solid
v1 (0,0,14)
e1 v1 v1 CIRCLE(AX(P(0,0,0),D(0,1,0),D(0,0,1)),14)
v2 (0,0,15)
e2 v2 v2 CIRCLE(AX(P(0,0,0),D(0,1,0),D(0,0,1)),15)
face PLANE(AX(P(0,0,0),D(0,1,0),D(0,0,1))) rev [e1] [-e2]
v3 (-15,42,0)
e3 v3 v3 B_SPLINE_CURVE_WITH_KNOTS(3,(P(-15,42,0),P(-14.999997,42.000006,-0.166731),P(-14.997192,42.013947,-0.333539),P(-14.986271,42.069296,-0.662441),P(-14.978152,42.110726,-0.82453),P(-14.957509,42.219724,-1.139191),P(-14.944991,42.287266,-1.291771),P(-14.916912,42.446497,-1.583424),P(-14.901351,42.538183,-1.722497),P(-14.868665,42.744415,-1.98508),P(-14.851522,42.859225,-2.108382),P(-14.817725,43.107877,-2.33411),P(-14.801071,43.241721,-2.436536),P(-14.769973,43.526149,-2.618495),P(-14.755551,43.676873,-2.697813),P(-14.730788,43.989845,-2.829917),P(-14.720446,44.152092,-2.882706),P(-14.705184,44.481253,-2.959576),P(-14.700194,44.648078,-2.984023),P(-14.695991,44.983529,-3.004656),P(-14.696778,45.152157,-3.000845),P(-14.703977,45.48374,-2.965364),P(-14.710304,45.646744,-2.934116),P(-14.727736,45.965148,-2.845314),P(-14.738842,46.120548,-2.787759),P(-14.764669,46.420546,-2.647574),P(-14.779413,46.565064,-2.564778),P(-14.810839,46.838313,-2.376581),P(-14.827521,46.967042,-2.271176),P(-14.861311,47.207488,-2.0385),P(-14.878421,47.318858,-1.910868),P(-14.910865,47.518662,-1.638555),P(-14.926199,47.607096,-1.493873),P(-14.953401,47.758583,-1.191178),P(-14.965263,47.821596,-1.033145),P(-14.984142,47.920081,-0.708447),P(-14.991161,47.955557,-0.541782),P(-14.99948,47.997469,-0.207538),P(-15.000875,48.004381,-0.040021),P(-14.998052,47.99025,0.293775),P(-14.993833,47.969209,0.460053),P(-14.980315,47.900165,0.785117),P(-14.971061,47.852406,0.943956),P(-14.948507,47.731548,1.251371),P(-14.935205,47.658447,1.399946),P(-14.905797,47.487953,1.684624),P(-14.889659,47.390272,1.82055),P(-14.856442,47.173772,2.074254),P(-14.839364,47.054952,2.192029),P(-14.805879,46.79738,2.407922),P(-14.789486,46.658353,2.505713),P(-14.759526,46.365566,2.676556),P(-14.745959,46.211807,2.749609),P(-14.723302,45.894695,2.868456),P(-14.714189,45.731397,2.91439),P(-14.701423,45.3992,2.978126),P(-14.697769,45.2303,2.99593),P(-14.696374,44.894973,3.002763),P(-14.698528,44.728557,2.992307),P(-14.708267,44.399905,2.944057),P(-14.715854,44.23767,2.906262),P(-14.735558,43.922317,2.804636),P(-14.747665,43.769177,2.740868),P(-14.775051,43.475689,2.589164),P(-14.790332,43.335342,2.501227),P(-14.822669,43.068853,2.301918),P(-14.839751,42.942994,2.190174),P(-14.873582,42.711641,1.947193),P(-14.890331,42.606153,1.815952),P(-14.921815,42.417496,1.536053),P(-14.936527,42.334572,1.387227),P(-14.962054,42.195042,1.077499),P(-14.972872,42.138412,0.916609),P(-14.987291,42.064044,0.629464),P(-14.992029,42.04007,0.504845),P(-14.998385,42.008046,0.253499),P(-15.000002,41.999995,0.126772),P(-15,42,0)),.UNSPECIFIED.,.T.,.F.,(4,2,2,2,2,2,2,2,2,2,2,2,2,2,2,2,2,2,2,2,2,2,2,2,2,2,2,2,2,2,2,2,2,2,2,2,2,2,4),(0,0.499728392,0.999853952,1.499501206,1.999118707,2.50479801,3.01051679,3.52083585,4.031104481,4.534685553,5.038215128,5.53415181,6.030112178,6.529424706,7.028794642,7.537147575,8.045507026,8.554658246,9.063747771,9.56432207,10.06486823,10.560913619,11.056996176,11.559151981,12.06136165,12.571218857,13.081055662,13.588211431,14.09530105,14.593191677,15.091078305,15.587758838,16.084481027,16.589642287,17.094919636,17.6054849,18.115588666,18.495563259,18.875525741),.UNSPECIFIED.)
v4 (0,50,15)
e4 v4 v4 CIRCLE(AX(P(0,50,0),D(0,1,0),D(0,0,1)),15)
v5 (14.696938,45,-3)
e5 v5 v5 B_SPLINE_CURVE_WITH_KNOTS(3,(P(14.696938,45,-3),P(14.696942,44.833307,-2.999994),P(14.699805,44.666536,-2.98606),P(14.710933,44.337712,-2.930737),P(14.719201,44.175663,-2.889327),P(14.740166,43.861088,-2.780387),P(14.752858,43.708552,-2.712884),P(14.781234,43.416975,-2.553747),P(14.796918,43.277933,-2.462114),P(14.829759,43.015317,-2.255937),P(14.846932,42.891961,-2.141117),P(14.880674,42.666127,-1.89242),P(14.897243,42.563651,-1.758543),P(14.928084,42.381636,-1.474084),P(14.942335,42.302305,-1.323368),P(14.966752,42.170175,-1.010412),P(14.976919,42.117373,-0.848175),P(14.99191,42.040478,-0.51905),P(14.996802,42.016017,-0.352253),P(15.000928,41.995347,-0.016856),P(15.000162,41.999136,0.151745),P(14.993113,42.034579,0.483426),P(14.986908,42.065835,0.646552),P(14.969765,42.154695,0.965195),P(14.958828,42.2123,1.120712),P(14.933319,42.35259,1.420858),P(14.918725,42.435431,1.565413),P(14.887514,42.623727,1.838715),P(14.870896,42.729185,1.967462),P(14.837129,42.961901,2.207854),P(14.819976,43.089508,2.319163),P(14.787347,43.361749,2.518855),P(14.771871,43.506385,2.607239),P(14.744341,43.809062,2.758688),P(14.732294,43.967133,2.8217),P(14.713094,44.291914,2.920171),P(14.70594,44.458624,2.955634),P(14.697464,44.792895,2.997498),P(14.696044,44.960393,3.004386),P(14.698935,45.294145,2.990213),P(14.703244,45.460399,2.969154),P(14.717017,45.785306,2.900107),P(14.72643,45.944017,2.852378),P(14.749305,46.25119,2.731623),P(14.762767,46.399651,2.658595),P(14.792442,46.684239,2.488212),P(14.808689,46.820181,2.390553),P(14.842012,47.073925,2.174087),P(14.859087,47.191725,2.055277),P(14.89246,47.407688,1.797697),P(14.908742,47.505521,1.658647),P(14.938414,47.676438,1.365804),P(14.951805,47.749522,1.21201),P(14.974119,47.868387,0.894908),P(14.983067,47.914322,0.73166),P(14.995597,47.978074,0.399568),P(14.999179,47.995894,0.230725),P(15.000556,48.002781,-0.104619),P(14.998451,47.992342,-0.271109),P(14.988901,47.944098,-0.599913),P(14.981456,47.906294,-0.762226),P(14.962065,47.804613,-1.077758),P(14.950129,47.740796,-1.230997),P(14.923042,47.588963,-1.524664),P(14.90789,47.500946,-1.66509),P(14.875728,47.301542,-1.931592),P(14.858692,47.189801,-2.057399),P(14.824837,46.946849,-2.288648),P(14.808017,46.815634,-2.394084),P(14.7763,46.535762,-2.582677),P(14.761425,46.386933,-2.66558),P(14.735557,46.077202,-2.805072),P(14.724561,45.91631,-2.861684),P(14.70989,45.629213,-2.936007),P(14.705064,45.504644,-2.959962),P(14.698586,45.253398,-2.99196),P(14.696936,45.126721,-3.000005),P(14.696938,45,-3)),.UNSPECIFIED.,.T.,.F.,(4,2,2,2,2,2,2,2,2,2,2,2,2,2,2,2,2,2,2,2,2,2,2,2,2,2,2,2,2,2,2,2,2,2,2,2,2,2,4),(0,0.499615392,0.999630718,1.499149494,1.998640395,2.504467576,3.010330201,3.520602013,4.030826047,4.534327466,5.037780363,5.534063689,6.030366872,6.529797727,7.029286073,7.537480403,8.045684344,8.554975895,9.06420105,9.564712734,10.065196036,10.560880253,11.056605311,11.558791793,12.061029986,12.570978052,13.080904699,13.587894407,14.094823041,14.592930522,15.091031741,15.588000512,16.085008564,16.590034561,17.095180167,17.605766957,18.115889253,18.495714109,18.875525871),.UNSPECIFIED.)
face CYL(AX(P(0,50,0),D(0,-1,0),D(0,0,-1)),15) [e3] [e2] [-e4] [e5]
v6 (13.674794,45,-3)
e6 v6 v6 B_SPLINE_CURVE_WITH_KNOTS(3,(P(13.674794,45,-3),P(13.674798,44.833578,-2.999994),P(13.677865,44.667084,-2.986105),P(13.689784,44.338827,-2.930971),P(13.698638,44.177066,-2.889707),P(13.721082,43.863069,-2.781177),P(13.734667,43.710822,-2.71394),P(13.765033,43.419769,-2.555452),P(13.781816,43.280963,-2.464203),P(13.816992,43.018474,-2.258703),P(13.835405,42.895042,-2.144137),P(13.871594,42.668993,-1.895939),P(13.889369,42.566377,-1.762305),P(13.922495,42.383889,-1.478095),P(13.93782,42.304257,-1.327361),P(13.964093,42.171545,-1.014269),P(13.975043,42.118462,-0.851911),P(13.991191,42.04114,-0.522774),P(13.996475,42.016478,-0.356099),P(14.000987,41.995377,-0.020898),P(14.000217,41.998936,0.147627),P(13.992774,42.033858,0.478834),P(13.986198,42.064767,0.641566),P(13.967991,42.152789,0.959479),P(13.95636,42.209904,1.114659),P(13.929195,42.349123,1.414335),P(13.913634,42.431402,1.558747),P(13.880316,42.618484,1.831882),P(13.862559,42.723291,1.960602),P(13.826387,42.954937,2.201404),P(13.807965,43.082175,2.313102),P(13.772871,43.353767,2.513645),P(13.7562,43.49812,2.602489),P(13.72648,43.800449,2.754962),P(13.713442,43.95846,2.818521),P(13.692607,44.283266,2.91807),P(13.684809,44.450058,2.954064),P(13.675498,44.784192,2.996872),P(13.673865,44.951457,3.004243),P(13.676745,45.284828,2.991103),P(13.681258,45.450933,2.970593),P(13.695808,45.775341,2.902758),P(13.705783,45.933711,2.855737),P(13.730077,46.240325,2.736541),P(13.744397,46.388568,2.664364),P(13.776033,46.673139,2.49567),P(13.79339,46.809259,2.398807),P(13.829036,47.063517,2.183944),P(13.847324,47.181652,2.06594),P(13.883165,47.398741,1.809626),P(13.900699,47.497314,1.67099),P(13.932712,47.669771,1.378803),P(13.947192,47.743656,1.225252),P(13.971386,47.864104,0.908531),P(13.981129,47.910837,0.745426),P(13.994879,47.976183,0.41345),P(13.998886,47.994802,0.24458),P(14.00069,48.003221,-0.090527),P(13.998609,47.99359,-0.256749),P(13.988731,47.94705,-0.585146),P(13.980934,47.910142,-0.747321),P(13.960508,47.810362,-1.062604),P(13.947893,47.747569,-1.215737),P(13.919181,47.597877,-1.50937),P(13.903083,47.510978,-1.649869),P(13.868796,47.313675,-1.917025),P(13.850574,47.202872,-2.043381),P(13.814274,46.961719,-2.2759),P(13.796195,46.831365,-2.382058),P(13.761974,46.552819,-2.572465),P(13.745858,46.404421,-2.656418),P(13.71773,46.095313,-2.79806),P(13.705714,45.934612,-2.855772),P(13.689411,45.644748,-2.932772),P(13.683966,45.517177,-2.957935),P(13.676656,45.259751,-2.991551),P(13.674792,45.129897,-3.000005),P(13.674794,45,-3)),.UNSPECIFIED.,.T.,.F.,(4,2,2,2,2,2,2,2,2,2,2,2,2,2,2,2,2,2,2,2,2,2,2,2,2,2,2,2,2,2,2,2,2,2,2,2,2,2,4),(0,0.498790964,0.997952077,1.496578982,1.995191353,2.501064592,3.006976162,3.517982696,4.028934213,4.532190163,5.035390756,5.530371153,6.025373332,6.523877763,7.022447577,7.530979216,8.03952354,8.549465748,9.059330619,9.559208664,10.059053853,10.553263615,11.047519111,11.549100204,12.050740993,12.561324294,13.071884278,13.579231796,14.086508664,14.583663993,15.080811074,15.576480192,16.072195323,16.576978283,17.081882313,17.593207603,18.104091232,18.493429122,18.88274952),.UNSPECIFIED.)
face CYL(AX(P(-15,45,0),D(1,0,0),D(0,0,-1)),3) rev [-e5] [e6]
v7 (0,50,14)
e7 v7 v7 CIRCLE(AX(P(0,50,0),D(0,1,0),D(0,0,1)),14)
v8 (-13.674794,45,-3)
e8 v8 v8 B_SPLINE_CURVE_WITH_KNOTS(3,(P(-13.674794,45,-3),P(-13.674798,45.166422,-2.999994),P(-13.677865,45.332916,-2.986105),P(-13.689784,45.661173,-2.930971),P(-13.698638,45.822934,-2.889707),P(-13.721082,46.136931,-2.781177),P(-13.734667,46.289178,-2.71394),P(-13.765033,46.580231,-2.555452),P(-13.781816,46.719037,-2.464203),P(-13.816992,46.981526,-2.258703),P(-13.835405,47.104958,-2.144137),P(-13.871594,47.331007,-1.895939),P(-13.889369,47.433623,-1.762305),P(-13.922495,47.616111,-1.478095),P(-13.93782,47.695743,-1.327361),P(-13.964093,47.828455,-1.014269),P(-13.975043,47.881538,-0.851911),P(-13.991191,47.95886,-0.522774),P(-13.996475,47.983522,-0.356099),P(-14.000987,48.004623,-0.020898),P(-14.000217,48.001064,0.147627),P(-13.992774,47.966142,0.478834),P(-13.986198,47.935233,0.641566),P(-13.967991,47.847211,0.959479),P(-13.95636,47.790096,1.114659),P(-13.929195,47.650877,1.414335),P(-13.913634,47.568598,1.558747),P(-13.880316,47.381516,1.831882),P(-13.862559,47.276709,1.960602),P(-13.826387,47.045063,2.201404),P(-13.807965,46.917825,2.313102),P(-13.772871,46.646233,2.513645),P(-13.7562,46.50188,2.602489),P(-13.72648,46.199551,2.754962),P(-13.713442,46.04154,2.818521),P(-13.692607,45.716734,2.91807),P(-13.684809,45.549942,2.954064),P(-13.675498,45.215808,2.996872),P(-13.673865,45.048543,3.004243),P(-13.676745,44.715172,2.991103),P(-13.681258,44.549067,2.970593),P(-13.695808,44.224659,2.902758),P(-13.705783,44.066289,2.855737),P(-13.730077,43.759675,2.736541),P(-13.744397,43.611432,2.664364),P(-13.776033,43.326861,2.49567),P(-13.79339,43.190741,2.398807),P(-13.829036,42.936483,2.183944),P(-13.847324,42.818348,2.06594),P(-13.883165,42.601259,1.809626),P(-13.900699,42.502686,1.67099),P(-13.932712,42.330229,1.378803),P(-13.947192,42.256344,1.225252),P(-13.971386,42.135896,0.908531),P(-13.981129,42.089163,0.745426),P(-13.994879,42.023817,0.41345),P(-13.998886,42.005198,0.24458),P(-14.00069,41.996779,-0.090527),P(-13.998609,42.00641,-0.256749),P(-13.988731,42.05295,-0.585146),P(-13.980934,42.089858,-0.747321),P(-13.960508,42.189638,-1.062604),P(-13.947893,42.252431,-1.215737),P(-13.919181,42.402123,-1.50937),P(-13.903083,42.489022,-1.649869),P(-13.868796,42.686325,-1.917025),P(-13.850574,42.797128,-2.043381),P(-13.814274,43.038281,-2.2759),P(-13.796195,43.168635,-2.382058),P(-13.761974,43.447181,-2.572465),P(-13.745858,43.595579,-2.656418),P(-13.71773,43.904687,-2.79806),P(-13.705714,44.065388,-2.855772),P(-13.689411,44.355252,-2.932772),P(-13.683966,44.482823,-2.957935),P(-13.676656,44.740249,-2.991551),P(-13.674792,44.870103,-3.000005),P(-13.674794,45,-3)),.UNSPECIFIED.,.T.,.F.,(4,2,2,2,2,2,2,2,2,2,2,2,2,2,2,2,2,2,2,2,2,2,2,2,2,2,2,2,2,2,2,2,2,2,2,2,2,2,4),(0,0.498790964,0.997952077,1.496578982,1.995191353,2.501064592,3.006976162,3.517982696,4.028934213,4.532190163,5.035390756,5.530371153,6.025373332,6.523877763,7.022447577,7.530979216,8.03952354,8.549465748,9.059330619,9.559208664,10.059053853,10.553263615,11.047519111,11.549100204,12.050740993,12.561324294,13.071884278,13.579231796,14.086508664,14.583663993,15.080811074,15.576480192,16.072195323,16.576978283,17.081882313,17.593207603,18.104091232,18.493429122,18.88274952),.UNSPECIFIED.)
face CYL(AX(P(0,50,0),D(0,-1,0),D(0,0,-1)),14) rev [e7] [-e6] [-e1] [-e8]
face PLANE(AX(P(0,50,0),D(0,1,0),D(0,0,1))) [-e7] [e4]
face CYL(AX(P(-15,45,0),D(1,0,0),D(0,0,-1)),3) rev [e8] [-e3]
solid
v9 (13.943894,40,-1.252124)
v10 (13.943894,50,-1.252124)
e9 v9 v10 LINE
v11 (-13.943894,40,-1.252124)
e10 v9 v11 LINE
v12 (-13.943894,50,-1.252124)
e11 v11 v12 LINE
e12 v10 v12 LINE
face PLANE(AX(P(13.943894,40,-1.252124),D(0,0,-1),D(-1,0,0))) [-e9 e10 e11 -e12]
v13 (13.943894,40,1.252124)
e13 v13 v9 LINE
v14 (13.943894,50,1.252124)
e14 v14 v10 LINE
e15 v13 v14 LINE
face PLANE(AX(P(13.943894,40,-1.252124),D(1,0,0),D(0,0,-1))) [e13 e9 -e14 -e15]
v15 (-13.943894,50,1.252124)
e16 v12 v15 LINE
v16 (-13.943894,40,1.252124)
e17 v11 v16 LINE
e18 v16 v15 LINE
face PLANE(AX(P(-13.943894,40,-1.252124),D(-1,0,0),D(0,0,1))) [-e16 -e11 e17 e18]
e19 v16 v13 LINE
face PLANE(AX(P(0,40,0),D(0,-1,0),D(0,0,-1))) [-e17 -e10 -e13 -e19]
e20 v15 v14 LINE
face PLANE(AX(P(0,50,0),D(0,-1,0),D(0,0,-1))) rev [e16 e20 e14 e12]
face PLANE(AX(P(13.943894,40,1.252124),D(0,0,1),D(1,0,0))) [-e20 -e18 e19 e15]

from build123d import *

# Parameters (mm, degrees)
SKETCH1_R           = 15
SKETCH1_R_2         = 14
BOSS_EXTRUDE1_DEPTH = 50
SKETCH2_R           = 3
CUT_EXTRUDE1_DEPTH  = 15
SKETCH3_W           = 27.887788492
SKETCH3_H           = 2.504247004
BOSS_EXTRUDE2_DEPTH = 10


with BuildPart() as part:
    # Sketch1 → Boss-Extrude1 (new body)
    with BuildSketch(Plane(origin=(0, 0, 0), x_dir=(1, 0, 0), z_dir=(0, 1, 0))):
        with Locations(Location((0, 0, 0), (0, 0, 270))):
            Circle(SKETCH1_R)
        with Locations(Location((0, 0, 0), (0, 0, 270))):
            Circle(SKETCH1_R_2, mode=Mode.SUBTRACT)
    extrude(amount=BOSS_EXTRUDE1_DEPTH)

    # Sketch2 → Cut-Extrude1 (cut, symmetric)
    with BuildSketch(Plane(origin=(0, 0, 0), x_dir=(0, 0, -1), z_dir=(1, 0, 0))):
        with Locations((0, 45)):
            Circle(SKETCH2_R)
    extrude(amount=CUT_EXTRUDE1_DEPTH, both=True, mode=Mode.SUBTRACT)


with BuildPart() as body_2:
    # Sketch3 → Boss-Extrude2 (new body)
    with BuildSketch(Plane(origin=(0, 50, 0), x_dir=(1, 0, 0), z_dir=(0, 1, 0))):
        Rectangle(SKETCH3_W, SKETCH3_H)
    extrude(amount=-BOSS_EXTRUDE2_DEPTH)


solid = Compound([part.part, body_2.part])
